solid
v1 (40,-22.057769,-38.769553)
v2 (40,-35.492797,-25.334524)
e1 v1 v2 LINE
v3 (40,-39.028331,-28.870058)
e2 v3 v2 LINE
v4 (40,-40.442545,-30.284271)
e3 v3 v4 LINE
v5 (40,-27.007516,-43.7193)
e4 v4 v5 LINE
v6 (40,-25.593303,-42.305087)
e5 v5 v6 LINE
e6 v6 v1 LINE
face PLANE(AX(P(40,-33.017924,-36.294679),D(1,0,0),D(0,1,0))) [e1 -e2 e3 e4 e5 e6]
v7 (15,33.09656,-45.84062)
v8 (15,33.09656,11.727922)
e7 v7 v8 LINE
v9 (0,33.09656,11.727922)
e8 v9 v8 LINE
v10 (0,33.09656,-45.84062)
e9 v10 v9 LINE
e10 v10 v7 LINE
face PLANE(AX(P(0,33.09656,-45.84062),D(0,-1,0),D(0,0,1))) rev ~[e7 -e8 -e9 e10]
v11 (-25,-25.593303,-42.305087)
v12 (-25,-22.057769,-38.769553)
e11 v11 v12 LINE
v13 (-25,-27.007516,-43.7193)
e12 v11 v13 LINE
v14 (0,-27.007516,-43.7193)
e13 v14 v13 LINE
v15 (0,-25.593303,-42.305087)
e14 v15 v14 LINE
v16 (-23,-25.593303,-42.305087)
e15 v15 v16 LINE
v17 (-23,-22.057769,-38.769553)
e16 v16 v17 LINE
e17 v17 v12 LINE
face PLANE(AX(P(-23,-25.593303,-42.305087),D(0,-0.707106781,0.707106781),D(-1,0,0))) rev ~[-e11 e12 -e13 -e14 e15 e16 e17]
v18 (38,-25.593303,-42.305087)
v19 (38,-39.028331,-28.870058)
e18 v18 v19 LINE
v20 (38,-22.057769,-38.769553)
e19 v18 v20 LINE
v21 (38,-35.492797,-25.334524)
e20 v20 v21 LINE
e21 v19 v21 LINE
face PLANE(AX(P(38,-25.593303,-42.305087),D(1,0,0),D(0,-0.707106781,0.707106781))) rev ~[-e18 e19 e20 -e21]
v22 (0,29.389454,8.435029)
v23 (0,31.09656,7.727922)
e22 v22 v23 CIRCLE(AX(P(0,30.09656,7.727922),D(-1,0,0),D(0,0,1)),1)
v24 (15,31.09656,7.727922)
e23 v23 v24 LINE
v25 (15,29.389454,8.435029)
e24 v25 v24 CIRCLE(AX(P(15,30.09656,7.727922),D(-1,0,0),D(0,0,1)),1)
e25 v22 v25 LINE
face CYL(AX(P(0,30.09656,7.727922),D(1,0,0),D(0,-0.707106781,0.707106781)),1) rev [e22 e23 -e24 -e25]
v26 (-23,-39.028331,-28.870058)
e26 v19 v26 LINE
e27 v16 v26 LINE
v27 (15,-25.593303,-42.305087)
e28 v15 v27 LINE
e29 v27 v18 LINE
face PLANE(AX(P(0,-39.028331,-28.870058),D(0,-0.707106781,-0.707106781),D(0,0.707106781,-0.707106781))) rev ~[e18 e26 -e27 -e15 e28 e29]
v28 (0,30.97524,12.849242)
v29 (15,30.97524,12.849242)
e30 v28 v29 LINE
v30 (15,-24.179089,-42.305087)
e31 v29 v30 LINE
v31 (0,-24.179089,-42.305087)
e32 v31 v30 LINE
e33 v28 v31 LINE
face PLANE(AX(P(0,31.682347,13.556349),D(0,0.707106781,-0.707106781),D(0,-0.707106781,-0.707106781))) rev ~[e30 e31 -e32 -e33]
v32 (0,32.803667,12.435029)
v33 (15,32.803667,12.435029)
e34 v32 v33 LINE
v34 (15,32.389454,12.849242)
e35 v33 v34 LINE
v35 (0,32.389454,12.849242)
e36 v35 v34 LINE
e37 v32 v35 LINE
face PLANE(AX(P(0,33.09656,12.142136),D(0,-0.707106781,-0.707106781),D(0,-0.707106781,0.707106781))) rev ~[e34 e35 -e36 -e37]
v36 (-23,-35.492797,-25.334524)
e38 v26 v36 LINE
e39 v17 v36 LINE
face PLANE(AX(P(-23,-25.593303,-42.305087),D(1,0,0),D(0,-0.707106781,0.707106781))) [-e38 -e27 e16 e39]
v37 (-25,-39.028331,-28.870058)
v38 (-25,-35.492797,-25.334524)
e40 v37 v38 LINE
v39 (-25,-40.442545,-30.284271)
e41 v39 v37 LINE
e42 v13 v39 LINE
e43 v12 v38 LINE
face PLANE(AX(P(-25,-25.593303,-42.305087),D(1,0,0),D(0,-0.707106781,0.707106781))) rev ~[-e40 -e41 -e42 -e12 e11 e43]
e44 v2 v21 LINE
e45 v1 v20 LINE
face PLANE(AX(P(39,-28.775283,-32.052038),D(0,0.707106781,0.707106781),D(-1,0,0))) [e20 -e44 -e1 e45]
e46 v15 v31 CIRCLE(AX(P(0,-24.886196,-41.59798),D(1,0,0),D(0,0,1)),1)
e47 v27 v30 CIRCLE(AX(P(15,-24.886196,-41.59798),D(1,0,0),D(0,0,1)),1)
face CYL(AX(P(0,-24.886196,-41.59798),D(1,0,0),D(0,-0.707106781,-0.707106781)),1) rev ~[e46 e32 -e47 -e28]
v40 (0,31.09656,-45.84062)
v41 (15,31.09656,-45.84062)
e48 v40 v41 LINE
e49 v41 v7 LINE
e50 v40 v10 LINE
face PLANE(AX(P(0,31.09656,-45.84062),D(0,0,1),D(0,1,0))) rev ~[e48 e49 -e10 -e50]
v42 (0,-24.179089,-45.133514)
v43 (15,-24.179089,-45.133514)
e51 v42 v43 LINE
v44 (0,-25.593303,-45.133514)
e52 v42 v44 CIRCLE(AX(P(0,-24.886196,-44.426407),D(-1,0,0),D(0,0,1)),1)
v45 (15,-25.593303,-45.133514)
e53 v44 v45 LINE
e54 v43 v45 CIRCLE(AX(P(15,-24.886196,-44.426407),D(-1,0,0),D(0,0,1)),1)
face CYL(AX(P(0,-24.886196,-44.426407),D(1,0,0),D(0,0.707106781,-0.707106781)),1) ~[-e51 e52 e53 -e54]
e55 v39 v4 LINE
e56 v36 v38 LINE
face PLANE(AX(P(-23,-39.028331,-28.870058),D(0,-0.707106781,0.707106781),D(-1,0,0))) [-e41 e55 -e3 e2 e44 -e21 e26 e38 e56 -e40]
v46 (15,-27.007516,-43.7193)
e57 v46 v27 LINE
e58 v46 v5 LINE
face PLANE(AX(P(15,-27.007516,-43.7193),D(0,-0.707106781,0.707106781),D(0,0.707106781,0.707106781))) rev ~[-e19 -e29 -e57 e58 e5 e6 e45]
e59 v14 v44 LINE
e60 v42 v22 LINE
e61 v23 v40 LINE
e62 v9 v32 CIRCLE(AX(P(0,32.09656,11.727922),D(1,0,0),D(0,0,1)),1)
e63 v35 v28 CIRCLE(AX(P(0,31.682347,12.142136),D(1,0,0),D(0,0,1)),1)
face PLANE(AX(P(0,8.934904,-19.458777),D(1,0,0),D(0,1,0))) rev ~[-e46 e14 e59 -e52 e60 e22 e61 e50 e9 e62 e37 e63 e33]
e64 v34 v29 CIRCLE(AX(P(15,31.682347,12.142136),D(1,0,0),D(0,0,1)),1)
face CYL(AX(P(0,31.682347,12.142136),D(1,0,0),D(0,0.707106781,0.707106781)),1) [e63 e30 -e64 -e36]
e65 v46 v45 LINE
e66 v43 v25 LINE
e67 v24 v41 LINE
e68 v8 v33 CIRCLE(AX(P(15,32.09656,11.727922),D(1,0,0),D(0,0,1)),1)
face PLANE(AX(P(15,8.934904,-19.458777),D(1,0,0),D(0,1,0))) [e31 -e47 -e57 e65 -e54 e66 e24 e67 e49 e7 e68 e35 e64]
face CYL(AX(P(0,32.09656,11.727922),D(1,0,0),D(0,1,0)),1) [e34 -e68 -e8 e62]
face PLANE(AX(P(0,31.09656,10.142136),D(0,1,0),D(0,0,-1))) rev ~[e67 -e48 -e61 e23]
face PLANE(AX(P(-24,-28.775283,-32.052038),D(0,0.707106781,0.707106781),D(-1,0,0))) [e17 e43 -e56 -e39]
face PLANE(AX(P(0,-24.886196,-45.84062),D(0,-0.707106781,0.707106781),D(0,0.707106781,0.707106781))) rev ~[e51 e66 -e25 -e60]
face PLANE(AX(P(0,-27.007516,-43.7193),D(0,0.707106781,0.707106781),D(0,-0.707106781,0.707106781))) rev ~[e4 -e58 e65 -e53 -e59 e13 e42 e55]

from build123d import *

# Parameters (mm, degrees)
F1_DEPTH  = 15
F2_R      = 1
F3_R      = 1
F4_R      = 1
F6_DEPTH  = 25
F8_DEPTH  = 25
F9_W      = 2
F9_H      = 19
F10_DEPTH = 5


with BuildPart() as f1:
    # F0 (on Right) → F1 (new body)
    with BuildSketch(Plane.YZ):
        Polygon((-24.8861957348, -43.0121933088), (-39.0283313585, -28.8700576851), (-40.4425449209, -30.2842712475), (-24.8861957348, -45.8406204336), (31.0965603225, 10.1421356237), (31.0965603225, -45.8406204336), (33.0965603225, -45.8406204336), (33.0965603225, 12.1421356237), (31.6823467601, 13.5563491861), align=None)
    extrude(amount=F1_DEPTH)

    # F2
    f2_edges = [f1.edges().sort_by_distance(p)[0] for p in [
        (7.5, -24.886196, -43.012193),
    ]]
    fillet(f2_edges, radius=F2_R)

    # F3
    f3_edges = [f1.edges().sort_by_distance(p)[0] for p in [
        (7.5, 31.09656, 10.142136),
    ]]
    fillet(f3_edges, radius=F3_R)

    # F4
    f4_edges = [f1.edges().sort_by_distance(p)[0] for p in [
        (7.5, -24.886196, -45.84062),
        (7.5, 31.682347, 13.556349),
        (7.5, 33.09656, 12.142136),
    ]]
    fillet(f4_edges, radius=F4_R)

    # F5 (on face) → F6 (join)
    with BuildSketch(Plane.YZ.offset(15)):
        Polygon((-25.593302516, -42.3050865276), (-39.0283313585, -28.8700576851), (-40.4425449209, -30.2842712475), (-27.0075160784, -43.71930009), align=None)
    extrude(amount=F6_DEPTH)

    # F7 (on face) → F8 (join)
    with BuildSketch(Plane(origin=(0, 0, 0), x_dir=(0, -1, 0), z_dir=(-1, 0, 0))):
        Polygon((40.4425449209, -30.2842712475), (39.0283313585, -28.8700576851), (25.593302516, -42.3050865276), (27.0075160784, -43.71930009), align=None)
    extrude(amount=F8_DEPTH)

    # F9 (on face) → F10 (join)
    with BuildSketch(Plane(origin=(0, -33.9491945218, -33.9491945218), x_dir=(-1, 0, 0), z_dir=(0, 0.7071067812, 0.7071067812))):
        with Locations((24, -2.3170158004)):
            Rectangle(F9_W, F9_H)
        with Locations((-39, -2.3170158004)):
            Rectangle(F9_W, F9_H)
    extrude(amount=F10_DEPTH)


solid = f1.part
